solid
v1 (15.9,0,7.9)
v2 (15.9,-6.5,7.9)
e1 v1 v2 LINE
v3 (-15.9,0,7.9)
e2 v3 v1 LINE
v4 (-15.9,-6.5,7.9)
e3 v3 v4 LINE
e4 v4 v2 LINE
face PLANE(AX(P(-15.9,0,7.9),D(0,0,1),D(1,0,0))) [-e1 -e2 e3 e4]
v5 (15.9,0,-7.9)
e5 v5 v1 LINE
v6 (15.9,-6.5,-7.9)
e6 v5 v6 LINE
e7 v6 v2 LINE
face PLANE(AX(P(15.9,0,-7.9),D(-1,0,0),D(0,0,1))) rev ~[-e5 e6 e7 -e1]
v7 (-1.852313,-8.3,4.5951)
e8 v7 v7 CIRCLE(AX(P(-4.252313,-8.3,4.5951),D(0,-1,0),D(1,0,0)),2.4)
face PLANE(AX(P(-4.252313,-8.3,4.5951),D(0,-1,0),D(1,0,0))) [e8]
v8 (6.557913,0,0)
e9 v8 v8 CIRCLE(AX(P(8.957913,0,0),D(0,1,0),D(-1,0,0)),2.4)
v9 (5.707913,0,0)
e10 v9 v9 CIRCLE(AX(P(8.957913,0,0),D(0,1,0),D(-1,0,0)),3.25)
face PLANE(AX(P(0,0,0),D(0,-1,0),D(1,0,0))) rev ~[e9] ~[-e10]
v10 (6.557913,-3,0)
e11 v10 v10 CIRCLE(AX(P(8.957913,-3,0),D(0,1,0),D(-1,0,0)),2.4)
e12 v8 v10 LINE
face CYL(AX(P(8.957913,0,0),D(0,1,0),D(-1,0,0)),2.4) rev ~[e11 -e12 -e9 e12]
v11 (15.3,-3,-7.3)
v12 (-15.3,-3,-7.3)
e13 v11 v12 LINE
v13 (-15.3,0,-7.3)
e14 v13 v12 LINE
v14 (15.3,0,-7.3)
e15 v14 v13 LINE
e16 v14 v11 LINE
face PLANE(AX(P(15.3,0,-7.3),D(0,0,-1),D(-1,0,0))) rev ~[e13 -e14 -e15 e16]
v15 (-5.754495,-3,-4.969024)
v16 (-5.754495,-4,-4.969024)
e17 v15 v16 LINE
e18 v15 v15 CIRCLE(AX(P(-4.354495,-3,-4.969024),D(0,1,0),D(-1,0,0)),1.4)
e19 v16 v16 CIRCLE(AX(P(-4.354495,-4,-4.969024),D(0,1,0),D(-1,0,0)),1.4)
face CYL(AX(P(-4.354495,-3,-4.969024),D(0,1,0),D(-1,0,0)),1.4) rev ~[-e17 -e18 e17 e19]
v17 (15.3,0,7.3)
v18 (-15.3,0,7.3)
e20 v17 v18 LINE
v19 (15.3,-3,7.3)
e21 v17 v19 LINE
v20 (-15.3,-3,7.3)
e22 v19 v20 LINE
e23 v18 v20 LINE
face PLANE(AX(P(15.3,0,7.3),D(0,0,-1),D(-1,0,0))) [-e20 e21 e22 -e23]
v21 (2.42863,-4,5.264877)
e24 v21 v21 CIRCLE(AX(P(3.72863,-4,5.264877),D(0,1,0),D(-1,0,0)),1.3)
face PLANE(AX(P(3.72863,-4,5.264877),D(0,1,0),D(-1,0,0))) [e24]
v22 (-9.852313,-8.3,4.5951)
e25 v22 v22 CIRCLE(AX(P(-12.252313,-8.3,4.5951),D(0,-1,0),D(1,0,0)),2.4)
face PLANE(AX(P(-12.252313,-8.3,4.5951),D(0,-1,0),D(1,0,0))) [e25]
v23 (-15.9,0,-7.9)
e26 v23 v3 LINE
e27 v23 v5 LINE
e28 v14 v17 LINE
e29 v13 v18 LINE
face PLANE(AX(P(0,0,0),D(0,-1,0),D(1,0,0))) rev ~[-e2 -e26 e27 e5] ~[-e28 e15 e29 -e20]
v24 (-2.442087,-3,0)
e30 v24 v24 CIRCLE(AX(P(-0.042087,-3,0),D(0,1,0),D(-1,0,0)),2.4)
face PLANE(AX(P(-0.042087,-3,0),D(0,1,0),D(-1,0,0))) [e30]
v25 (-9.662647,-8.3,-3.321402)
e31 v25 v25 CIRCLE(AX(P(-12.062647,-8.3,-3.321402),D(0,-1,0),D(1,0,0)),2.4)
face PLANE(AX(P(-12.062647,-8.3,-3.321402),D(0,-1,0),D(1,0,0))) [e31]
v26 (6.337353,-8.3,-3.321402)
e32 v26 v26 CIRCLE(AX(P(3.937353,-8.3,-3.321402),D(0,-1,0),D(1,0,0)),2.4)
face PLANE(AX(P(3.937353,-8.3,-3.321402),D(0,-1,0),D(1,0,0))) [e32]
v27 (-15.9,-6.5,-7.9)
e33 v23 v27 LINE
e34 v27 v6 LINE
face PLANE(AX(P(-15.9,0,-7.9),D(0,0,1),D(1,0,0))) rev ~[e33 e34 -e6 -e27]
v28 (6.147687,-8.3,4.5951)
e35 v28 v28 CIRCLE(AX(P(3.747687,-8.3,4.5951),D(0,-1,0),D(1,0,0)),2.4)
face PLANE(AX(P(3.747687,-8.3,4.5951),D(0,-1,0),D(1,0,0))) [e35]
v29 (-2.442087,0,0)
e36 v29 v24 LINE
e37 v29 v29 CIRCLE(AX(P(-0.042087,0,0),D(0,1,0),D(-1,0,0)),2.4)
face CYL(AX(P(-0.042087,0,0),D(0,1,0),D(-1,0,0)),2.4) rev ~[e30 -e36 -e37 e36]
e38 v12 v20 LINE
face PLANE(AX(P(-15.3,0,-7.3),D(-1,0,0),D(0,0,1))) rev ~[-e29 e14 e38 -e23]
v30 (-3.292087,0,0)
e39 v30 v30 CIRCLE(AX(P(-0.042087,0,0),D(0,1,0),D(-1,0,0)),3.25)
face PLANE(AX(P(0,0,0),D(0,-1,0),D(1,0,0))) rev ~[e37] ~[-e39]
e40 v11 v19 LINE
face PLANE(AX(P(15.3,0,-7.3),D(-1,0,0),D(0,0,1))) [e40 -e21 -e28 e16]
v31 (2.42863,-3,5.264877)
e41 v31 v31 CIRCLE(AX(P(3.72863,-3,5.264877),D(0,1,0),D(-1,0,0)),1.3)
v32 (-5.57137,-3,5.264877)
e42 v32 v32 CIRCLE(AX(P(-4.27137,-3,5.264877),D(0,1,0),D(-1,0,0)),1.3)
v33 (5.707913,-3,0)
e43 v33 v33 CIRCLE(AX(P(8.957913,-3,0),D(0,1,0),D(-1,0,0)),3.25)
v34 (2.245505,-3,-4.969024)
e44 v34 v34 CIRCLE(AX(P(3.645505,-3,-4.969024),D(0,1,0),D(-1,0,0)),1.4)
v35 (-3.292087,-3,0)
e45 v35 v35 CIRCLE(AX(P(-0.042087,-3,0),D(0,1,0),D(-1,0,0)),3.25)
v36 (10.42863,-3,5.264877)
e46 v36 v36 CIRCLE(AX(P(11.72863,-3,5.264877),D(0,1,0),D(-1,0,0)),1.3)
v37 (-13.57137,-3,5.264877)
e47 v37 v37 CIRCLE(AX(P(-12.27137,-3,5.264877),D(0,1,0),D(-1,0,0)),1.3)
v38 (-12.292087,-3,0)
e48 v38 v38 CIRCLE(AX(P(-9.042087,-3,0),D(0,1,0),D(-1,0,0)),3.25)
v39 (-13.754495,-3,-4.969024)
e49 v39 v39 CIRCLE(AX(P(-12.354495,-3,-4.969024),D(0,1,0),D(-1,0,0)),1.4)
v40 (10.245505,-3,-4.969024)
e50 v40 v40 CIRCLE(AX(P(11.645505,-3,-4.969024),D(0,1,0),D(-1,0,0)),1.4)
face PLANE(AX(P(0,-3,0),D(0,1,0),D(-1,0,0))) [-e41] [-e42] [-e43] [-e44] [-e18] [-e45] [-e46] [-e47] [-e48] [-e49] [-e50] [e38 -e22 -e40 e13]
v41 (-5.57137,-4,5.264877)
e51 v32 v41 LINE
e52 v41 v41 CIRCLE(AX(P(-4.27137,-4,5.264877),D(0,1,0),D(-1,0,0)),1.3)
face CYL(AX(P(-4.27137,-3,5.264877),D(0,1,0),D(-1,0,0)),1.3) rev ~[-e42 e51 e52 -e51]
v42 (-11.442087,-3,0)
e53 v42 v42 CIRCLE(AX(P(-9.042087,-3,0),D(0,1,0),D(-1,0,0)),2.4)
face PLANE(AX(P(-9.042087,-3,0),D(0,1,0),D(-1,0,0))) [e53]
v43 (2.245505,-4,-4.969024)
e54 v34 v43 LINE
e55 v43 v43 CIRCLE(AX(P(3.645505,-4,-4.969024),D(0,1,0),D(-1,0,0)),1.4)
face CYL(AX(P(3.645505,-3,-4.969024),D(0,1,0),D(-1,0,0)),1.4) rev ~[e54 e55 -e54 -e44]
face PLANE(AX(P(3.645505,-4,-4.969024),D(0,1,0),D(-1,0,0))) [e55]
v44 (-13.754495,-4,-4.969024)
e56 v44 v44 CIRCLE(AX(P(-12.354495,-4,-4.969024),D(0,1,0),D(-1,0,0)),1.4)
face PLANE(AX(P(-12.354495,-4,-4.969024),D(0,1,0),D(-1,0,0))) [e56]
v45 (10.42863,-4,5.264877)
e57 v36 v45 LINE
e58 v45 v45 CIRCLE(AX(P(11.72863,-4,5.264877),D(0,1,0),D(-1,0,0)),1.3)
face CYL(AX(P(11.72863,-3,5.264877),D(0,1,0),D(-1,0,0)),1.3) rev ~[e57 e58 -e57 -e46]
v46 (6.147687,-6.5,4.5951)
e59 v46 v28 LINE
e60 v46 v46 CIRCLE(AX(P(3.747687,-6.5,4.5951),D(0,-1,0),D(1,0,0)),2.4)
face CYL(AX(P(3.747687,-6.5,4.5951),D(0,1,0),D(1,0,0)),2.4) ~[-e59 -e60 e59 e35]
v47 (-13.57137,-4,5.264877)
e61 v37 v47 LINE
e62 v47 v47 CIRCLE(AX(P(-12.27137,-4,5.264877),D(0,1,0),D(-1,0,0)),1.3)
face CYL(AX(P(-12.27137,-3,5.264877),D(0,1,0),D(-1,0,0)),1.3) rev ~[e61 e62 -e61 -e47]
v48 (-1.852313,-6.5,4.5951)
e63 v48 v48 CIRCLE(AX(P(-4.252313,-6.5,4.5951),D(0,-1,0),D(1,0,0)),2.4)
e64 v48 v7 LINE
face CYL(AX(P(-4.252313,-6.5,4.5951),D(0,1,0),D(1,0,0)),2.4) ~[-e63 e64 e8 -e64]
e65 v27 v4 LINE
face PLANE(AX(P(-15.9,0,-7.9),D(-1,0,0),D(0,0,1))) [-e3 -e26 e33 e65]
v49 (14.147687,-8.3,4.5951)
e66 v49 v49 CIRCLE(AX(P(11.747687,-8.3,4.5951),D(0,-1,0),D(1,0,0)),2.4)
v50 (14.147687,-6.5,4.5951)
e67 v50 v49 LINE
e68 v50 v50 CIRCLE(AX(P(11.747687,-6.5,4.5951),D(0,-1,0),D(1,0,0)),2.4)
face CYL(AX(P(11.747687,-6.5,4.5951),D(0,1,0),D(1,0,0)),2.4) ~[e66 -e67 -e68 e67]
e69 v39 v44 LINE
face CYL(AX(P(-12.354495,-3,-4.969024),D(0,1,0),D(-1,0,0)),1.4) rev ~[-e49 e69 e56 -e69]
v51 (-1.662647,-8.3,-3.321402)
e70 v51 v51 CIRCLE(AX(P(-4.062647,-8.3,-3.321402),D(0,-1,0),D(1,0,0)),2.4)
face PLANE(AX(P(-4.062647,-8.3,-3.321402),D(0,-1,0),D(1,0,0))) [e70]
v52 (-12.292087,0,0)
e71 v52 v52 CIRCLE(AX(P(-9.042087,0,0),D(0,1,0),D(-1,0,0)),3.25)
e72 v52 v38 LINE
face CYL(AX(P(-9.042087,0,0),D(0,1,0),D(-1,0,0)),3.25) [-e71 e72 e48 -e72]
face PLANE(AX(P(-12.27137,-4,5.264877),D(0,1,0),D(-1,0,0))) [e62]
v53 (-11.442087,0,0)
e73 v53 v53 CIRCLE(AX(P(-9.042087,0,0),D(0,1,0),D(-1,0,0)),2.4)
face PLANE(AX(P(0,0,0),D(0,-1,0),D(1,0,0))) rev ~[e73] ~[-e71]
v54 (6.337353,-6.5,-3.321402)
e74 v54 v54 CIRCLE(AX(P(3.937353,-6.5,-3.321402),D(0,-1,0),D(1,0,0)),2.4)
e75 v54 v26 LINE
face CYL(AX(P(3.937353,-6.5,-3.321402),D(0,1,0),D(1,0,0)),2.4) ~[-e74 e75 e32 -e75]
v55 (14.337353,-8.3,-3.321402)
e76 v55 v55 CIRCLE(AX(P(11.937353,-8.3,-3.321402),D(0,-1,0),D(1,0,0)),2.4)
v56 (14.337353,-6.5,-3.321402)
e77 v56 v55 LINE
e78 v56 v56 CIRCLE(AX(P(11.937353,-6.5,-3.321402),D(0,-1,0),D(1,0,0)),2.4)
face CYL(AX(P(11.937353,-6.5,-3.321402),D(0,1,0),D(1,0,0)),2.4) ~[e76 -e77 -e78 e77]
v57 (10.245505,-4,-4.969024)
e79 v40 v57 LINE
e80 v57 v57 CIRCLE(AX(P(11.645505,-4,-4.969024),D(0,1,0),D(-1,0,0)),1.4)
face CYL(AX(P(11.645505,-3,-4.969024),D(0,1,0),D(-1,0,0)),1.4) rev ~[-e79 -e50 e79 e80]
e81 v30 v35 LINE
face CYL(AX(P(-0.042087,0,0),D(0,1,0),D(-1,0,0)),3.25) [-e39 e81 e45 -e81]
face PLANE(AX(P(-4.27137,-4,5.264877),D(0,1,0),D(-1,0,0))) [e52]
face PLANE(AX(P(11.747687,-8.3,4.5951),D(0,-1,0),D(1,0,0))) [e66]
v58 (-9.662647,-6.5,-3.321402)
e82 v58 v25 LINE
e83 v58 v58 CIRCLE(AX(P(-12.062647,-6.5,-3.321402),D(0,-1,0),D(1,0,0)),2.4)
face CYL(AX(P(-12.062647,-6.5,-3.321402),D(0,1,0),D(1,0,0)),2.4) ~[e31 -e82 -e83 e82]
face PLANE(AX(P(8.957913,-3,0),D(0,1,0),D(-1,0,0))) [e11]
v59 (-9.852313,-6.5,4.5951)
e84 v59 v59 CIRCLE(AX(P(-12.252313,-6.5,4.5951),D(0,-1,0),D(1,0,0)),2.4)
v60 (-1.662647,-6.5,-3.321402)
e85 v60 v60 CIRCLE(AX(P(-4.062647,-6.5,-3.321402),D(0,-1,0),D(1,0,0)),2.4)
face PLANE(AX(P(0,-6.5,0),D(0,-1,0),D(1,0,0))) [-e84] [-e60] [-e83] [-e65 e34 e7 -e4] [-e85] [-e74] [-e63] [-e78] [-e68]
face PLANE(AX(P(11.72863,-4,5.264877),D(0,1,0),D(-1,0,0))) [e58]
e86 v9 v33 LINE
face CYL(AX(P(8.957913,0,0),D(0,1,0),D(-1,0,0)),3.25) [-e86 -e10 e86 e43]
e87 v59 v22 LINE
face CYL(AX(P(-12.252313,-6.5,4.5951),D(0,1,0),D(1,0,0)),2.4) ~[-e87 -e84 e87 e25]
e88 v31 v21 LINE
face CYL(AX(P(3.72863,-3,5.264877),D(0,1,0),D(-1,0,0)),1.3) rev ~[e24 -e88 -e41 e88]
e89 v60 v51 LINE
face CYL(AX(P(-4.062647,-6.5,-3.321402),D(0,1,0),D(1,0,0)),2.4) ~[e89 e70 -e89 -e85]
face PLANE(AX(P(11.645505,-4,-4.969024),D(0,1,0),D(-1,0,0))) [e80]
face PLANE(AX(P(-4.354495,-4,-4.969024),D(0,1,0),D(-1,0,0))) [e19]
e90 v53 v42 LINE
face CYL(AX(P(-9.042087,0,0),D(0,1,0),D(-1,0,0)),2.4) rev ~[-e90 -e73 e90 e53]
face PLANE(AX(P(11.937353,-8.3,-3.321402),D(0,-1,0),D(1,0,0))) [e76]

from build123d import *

# Parameters (mm, degrees)
F0_W      = 31.8
F0_H      = 15.8
F1_DEPTH  = 6.5
F3_R      = 2.4
F4_DEPTH  = 1.8
F2_R      = 2.4
F5_DEPTH  = 1.8
F6_W      = 30.6
F6_H      = 14.6
F6_R      = 3.25
F6_R_2    = 2.4
F7_DEPTH  = 3
F8_R      = 1.3
F9_DEPTH  = 1
F10_R     = 1.4
F11_DEPTH = 1


with BuildPart() as f1:
    # F0 (on Front) → F1 (new body)
    with BuildSketch(Plane.XZ):
        Rectangle(F0_W, F0_H)
    extrude(amount=F1_DEPTH)

    # F3 (on face) → F4 (join)
    with BuildSketch(Plane.XZ.offset(6.5)):
        with Locations((-12.062647, -3.321402)):
            Circle(F3_R)
        with Locations((-4.062647, -3.321402)):
            Circle(F3_R)
        with Locations((3.937353, -3.321402)):
            Circle(F3_R)
        with Locations((11.937353, -3.321402)):
            Circle(F3_R)
    extrude(amount=F4_DEPTH)

    # F2 (on face) → F5 (join)
    with BuildSketch(Plane.XZ.offset(6.5)):
        with Locations((-12.252313, 4.5951)):
            Circle(F2_R)
        with Locations((-4.252313, 4.5951)):
            Circle(F2_R)
        with Locations((3.747687, 4.5951)):
            Circle(F2_R)
        with Locations((11.747687, 4.5951)):
            Circle(F2_R)
    extrude(amount=F5_DEPTH)

    # F6 (on face) → F7 (cut)
    with BuildSketch(Plane(origin=(0, 0, 0), x_dir=(-1, 0, 0), z_dir=(0, 1, 0))):
        Rectangle(F6_W, F6_H)
        with Locations((-8.957913, 0)):
            Circle(F6_R, mode=Mode.SUBTRACT)
        with Locations((0.042087, 0)):
            Circle(F6_R, mode=Mode.SUBTRACT)
        with Locations((9.042087, 0)):
            Circle(F6_R, mode=Mode.SUBTRACT)
        with Locations((-8.957913, 0)):
            Circle(F6_R_2)
        with Locations((0.042087, 0)):
            Circle(F6_R_2)
        with Locations((9.042087, 0)):
            Circle(F6_R_2)
    extrude(amount=-F7_DEPTH, mode=Mode.SUBTRACT)

    # F8 (on face) → F9 (cut)
    with BuildSketch(Plane(origin=(0, -3, 0), x_dir=(-1, 0, 0), z_dir=(0, 1, 0))):
        with Locations((-11.72863, 5.264877)):
            Circle(F8_R)
        with Locations((-3.72863, 5.264877)):
            Circle(F8_R)
        with Locations((4.27137, 5.264877)):
            Circle(F8_R)
        with Locations((12.27137, 5.264877)):
            Circle(F8_R)
    extrude(amount=-F9_DEPTH, mode=Mode.SUBTRACT)

    # F10 (on face) → F11 (cut)
    with BuildSketch(Plane(origin=(0, -3, 0), x_dir=(-1, 0, 0), z_dir=(0, 1, 0))):
        with Locations((-11.645505, -4.969024)):
            Circle(F10_R)
        with Locations((-3.645505, -4.969024)):
            Circle(F10_R)
        with Locations((4.354495, -4.969024)):
            Circle(F10_R)
        with Locations((12.354495, -4.969024)):
            Circle(F10_R)
    extrude(amount=-F11_DEPTH, mode=Mode.SUBTRACT)


solid = f1.part
